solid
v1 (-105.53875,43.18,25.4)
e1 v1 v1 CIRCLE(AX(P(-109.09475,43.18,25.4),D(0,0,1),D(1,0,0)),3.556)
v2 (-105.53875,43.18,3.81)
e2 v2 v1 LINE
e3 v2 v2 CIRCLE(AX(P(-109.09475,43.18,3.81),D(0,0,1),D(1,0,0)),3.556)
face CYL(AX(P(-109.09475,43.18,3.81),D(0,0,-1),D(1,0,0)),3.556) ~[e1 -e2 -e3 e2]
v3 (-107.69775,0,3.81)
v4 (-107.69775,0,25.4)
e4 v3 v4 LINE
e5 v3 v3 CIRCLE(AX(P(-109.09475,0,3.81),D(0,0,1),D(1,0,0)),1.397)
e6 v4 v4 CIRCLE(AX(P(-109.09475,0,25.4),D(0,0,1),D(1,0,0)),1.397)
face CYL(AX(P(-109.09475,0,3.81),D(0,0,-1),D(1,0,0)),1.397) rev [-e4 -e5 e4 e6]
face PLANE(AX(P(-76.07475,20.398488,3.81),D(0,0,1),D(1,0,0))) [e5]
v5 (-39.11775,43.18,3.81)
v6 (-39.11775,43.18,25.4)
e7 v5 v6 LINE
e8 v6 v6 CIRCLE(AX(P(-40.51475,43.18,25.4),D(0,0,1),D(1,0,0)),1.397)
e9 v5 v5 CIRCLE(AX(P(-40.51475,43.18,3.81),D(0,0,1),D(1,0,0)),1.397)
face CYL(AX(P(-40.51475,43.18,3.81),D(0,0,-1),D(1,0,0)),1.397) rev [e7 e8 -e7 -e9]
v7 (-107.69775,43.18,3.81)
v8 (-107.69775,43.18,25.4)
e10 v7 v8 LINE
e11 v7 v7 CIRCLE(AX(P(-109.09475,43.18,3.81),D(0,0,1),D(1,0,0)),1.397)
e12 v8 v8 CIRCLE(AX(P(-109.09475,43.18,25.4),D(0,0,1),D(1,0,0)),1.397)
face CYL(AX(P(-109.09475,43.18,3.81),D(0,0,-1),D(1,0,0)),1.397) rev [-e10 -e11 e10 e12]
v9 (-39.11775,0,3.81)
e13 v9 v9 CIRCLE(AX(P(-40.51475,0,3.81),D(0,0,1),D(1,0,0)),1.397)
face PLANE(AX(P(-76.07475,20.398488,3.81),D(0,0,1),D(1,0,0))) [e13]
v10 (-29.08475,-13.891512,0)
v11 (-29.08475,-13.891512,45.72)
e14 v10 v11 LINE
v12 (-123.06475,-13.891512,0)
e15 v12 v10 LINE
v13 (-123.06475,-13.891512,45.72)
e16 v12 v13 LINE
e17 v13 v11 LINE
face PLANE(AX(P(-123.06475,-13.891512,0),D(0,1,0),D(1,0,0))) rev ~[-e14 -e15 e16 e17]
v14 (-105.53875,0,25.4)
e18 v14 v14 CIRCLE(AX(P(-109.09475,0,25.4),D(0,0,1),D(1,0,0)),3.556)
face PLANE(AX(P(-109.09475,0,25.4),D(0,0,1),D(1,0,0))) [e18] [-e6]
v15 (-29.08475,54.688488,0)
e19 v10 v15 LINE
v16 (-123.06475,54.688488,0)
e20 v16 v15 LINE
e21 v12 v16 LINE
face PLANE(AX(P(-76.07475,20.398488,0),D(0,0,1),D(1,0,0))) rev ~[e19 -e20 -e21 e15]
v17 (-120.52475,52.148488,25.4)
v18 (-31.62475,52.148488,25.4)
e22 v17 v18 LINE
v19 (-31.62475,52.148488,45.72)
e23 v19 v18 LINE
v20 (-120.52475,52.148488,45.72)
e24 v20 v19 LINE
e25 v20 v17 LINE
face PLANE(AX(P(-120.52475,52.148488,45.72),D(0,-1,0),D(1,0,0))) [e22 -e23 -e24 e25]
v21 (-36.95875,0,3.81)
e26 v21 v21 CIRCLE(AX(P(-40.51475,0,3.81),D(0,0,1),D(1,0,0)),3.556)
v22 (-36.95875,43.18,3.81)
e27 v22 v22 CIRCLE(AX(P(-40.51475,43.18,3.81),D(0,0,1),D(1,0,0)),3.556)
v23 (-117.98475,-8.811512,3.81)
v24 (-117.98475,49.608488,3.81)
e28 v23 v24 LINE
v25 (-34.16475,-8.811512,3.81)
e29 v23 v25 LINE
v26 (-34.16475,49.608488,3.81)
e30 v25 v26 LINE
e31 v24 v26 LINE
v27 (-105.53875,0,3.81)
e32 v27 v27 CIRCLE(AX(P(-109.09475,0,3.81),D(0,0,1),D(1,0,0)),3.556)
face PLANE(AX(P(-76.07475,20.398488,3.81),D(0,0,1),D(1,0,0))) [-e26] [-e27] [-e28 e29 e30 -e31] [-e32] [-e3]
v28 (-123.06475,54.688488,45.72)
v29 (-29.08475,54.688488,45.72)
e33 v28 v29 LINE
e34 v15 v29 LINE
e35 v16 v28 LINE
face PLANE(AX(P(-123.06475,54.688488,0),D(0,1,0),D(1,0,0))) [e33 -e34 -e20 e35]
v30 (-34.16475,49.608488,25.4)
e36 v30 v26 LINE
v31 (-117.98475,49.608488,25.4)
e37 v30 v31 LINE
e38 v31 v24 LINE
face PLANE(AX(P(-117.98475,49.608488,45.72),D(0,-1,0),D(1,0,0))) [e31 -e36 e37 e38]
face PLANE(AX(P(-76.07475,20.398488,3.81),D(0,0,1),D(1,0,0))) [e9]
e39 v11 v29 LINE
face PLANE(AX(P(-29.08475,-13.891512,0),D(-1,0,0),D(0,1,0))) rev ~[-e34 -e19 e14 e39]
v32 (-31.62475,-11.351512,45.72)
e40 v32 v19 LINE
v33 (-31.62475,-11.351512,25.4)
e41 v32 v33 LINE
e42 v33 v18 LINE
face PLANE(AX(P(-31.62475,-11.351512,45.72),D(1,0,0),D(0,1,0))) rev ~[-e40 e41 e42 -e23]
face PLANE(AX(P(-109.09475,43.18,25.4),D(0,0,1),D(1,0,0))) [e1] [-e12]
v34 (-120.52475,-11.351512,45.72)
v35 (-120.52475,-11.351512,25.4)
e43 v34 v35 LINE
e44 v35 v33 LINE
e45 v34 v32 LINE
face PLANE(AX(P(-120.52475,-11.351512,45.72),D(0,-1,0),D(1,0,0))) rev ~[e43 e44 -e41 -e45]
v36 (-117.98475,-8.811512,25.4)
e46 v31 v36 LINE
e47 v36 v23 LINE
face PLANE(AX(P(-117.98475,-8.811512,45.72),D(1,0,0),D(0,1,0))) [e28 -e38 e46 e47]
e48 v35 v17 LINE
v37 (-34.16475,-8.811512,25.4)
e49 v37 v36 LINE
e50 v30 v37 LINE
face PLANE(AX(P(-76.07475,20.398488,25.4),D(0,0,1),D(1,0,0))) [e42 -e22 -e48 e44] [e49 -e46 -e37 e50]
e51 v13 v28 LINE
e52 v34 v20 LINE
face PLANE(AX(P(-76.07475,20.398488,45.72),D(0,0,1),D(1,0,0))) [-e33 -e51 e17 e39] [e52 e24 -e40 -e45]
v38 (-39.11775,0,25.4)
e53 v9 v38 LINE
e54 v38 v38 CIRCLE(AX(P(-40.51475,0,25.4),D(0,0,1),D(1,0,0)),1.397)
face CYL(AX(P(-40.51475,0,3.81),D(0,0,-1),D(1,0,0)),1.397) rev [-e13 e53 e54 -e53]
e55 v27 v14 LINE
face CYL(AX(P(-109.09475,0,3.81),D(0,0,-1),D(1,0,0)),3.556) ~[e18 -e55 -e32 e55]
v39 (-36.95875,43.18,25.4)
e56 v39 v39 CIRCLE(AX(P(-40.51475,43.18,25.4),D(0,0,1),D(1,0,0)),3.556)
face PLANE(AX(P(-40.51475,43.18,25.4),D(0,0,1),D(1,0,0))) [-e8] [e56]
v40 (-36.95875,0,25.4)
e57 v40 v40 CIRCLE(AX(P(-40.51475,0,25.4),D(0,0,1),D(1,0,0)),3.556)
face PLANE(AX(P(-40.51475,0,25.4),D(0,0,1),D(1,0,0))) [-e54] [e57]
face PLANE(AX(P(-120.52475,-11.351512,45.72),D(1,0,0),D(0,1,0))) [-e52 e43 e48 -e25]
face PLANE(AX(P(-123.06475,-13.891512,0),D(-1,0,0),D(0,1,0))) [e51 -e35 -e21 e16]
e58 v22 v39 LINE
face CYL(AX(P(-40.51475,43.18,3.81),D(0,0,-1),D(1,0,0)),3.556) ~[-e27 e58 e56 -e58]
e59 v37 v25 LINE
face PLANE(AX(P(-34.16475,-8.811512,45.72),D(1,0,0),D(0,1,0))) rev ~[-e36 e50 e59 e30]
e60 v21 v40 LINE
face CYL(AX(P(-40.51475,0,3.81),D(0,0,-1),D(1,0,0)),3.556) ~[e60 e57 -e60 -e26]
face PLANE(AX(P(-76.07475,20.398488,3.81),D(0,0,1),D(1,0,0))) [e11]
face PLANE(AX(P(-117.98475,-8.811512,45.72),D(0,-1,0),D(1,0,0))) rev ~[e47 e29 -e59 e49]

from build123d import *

# Parameters (mm, degrees)
F0_W     = 93.98
F0_H     = 68.58
F1_DEPTH = 45.72
F2_W     = 83.82
F2_H     = 58.42
F3_DEPTH = 41.91
F4_R     = 3.556
F4_R_2   = 1.397
F5_DEPTH = 21.59
F6_W     = 88.9
F6_H     = 63.5
F7_DEPTH = 20.32


with BuildPart() as f1:
    # F0 (on Top) → F1 (new body)
    with BuildSketch(Plane.XY):
        with Locations((-76.07475, 20.398488)):
            Rectangle(F0_W, F0_H)
    extrude(amount=F1_DEPTH)

    # F2 (on face) → F3 (cut)
    with BuildSketch(Plane.XY.offset(45.72)):
        with Locations((-76.07475, 20.398488)):
            Rectangle(F2_W, F2_H)
    extrude(amount=-F3_DEPTH, mode=Mode.SUBTRACT)

    # F4 (on face) → F5 (join)
    with BuildSketch(Plane.XY.offset(3.81)):
        with Locations((-109.09475, 43.18)):
            Circle(F4_R)
        with Locations((-109.09475, 43.18)):
            Circle(F4_R_2, mode=Mode.SUBTRACT)
        with Locations((-40.51475, 43.18)):
            Circle(F4_R)
        with Locations((-40.51475, 43.18)):
            Circle(F4_R_2, mode=Mode.SUBTRACT)
        with Locations((-109.09475, 0)):
            Circle(F4_R)
        with Locations((-109.09475, 0)):
            Circle(F4_R_2, mode=Mode.SUBTRACT)
        with Locations((-40.51475, 0)):
            Circle(F4_R)
        with Locations((-40.51475, 0)):
            Circle(F4_R_2, mode=Mode.SUBTRACT)
    extrude(amount=F5_DEPTH)

    # F6 (on face) → F7 (cut)
    with BuildSketch(Plane.XY.offset(45.72)):
        with Locations((-76.07475, 20.398488)):
            Rectangle(F6_W, F6_H)
    extrude(amount=-F7_DEPTH, mode=Mode.SUBTRACT)


solid = f1.part
